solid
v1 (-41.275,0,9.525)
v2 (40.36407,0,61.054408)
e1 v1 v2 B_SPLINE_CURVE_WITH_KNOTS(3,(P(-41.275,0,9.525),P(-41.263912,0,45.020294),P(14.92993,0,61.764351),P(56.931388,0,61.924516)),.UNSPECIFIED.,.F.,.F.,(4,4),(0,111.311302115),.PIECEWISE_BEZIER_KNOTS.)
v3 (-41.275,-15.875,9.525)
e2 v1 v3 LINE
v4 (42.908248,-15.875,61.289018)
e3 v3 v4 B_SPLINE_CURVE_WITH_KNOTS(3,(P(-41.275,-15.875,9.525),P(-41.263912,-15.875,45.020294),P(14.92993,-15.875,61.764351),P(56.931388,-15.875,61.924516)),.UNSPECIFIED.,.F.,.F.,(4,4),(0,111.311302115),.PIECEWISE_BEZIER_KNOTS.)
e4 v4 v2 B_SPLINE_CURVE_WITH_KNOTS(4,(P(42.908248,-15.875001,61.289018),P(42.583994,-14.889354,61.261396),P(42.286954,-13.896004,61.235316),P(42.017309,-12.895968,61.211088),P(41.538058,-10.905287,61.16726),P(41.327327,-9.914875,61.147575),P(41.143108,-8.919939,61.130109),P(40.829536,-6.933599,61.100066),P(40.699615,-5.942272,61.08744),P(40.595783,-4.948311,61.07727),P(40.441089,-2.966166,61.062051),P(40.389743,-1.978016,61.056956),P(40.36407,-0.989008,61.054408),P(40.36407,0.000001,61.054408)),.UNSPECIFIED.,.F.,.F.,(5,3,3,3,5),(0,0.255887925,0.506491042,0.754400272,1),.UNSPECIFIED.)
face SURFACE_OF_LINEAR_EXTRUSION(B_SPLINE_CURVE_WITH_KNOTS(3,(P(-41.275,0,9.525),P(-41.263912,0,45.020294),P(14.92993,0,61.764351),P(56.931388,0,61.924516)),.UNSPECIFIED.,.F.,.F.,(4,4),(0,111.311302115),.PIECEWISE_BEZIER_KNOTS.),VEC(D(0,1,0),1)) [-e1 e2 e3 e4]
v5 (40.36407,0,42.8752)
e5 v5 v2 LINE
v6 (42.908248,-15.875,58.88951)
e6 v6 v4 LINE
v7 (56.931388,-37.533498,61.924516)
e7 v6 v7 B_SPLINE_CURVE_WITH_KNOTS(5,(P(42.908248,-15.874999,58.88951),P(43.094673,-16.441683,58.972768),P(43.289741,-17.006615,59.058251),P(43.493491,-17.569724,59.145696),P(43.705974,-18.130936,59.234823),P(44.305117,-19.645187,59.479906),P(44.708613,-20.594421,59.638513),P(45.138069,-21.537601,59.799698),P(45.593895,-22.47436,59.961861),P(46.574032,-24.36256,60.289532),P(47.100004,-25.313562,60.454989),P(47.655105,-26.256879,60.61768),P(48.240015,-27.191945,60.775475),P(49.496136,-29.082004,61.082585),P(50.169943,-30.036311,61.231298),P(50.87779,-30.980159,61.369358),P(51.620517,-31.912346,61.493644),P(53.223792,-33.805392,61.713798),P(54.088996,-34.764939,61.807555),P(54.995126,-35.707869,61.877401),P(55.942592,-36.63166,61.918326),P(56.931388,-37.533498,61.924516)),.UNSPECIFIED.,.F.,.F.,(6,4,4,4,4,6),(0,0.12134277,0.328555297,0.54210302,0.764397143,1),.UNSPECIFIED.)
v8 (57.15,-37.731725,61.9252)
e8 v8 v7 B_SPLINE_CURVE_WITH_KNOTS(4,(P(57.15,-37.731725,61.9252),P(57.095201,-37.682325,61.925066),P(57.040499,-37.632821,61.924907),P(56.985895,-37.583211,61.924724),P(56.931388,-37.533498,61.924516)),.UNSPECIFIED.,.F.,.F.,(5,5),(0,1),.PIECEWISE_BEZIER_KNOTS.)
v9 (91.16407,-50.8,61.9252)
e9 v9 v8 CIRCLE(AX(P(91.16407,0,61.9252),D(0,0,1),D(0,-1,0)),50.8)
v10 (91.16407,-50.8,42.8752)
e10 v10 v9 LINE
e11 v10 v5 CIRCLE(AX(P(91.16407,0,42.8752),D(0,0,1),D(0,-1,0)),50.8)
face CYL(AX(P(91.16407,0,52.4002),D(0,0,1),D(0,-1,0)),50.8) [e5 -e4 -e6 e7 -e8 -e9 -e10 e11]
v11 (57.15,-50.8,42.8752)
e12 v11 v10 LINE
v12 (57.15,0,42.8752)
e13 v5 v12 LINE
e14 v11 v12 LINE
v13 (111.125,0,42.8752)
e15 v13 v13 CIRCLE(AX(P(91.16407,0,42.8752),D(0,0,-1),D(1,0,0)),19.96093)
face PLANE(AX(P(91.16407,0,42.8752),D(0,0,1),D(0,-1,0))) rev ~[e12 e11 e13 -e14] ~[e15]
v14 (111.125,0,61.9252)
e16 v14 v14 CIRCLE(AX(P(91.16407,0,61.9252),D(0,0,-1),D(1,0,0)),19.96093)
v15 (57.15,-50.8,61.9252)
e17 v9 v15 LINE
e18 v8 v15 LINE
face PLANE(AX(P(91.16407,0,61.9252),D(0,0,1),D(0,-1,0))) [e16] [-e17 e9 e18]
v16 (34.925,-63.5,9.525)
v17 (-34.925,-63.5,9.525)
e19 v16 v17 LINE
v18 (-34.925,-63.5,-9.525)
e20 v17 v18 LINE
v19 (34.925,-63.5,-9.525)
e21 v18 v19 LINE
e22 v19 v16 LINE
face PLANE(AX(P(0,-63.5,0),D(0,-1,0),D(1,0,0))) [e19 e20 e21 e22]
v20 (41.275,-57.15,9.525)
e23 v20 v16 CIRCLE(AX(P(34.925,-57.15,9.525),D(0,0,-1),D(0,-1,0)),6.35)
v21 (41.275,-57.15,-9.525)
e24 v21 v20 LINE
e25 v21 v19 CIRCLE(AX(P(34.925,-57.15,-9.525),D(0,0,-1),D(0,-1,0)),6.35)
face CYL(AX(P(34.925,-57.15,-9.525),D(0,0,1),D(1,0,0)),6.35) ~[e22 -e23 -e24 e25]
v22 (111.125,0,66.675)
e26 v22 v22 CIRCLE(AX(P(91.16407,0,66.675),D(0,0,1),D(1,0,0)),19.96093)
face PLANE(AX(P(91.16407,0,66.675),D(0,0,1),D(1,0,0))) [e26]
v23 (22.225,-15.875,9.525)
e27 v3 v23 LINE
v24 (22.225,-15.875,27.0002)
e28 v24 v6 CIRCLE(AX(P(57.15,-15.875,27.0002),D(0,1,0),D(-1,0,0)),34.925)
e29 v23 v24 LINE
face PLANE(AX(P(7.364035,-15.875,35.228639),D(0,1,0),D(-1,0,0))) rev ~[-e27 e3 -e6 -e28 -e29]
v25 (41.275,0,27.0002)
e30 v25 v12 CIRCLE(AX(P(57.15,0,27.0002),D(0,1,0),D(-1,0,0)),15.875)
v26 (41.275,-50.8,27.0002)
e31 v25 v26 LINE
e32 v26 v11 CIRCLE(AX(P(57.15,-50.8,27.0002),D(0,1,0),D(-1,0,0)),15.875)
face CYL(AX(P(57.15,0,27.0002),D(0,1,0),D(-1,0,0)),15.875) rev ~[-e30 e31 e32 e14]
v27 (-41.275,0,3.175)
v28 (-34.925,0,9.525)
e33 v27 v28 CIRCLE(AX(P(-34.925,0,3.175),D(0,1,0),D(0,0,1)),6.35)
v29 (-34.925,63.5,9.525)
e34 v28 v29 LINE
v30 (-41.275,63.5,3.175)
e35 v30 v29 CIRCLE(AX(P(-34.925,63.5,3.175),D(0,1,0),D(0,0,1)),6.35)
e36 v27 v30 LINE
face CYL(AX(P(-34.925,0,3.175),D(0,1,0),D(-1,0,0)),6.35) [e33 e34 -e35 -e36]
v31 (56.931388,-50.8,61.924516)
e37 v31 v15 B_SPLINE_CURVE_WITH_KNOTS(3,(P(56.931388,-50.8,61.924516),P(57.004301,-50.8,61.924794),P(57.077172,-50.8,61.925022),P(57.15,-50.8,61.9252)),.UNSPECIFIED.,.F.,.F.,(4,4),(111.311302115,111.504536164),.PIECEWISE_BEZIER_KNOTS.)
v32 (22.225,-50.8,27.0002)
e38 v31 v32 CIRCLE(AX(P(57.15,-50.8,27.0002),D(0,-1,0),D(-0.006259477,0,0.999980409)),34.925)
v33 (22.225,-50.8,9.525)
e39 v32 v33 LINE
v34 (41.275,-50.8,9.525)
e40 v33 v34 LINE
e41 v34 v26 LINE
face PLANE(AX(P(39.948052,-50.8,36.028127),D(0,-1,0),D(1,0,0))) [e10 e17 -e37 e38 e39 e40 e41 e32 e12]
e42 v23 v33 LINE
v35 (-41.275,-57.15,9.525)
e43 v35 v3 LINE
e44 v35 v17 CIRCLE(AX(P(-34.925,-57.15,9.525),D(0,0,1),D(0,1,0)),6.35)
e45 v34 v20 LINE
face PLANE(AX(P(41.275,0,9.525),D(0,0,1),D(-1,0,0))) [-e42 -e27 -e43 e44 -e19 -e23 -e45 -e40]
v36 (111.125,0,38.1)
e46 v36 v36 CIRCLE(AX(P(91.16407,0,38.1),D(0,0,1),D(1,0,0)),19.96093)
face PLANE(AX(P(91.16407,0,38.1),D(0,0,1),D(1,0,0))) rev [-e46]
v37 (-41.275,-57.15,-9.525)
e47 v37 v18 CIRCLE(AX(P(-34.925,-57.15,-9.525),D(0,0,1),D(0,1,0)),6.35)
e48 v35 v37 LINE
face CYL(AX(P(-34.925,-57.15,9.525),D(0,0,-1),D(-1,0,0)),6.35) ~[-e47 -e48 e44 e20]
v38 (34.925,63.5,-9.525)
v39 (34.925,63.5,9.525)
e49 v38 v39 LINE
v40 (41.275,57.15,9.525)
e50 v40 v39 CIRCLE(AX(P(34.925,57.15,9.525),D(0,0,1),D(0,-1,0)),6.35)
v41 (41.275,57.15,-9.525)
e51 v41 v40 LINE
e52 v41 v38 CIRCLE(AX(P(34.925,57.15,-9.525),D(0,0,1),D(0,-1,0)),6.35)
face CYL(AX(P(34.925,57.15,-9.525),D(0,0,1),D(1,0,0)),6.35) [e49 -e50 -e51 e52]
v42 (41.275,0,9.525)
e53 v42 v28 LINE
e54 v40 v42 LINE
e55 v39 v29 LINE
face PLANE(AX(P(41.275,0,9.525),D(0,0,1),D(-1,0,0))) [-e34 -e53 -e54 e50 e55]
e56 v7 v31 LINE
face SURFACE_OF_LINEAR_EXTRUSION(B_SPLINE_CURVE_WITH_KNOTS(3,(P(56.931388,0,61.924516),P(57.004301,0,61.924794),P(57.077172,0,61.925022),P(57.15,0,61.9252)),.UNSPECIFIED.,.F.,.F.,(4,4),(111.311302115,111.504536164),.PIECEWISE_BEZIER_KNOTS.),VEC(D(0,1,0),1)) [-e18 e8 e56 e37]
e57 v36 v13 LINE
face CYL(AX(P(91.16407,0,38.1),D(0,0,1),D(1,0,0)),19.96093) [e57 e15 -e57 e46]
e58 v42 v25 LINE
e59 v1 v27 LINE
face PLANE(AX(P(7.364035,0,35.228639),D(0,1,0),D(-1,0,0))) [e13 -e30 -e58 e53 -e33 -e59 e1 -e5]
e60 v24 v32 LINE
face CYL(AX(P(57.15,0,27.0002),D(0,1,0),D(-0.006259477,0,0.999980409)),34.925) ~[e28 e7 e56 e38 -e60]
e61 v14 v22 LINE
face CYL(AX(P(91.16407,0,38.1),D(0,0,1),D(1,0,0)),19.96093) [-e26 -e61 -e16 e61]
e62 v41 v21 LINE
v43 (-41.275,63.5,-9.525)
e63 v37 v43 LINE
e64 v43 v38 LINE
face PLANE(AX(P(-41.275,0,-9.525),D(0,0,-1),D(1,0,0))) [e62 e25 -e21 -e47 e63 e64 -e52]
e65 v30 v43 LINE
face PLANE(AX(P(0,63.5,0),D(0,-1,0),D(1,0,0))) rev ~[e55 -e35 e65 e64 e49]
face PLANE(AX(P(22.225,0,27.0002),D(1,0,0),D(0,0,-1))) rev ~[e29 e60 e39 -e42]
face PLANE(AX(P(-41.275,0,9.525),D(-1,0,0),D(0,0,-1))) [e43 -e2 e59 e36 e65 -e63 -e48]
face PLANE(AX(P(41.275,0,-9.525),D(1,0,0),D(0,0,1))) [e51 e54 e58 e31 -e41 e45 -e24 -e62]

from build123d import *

# Parameters (mm, degrees)
F1_DEPTH  = 63.5
F0_W      = 30.8390699949
F0_H      = 19.05
F2_DEPTH  = 50.8
F3_DEPTH  = 15.875
F2_FACE_W = 50.8
F2_FACE_H = 19.05
F5_R      = 6.35


with BuildPart() as f1:
    # F0 (on Front) → F1 (new body, symmetric)
    with BuildSketch(Plane.XZ):
        Polygon((-41.275, -9.525), (41.275, -9.525), (41.275, 9.525), (22.225, 9.525), (-41.275, 9.525), align=None)
    extrude(amount=F1_DEPTH, both=True)

    # F0 (on Front) → F2 (join)
    with BuildSketch(Plane.XZ):
        with BuildLine():
            Line((22.225, 9.525), (41.275, 9.525))
            Line((41.275, 9.525), (41.275, 27.0002))
            ThreePointArc((41.275, 27.0002), (45.9246798487, 38.2255201513), (57.15, 42.8752))
            Line((57.15, 42.8752), (60.325, 42.8752))
            Line((60.325, 42.8752), (60.325, 61.9252))
            Line((60.325, 61.9252), (57.15, 61.9252))
            add(Edge.make_bspline(
                [(56.931387773, 61.9245157942), (57.0043014085, 61.9247938366), (57.0771722736, 61.9250219014), (57.15, 61.9252)],
                knots=[111.311302115, 111.311302115, 111.311302115, 111.311302115, 111.5045361635, 111.5045361635, 111.5045361635, 111.5045361635], degree=3))
            ThreePointArc((56.931387773, 61.9245157942), (32.3771251463, 51.6184919084), (22.225, 27.0002))
            Line((22.225, 27.0002), (22.225, 9.525))
        make_face()
        with Locations((75.7445349974, 52.4002)):
            Rectangle(F0_W, F0_H)
    extrude(amount=F2_DEPTH)

    # F0 (on Front) → F3 (join)
    with BuildSketch(Plane.XZ):
        with BuildLine():
            add(Edge.make_bspline(
                [(-41.275, 9.525), (-41.2639124943, 45.0202943965), (14.9299300749, 61.764351157), (56.931387773, 61.9245157942)],
                knots=[0, 0, 0, 0, 111.311302115, 111.311302115, 111.311302115, 111.311302115], degree=3))
            Line((-41.275, 9.525), (22.225, 9.525))
            Line((22.225, 9.525), (22.225, 27.0002))
            ThreePointArc((22.225, 27.0002), (32.3771251463, 51.6184919084), (56.931387773, 61.9245157942))
        make_face()
    extrude(amount=F3_DEPTH)

    # F0 (on Front) + F2_face (on face) → F4 (revolve)
    with BuildSketch(Plane.XZ):
        Polygon((91.1640699949, 61.9252), (91.1640699949, 42.8752), (91.1640699949, 38.1), (111.125, 38.1), (111.125, 66.675), (91.1640699949, 66.675), align=None)
    with BuildSketch(Plane(origin=(91.1640699949, -25.4, 52.4002), x_dir=(0, 1, 0), z_dir=(1, 0, 0))):
        Rectangle(F2_FACE_W, F2_FACE_H)
    revolve(axis=Axis((91.1640699949, 0, 52.3875), (0, 0, 1)))

    # F5
    f5_edges = [f1.edges().sort_by_distance(p)[0] for p in [
        (41.275, -63.5, 0),
        (-41.275, -63.5, 0),
        (-41.275, 31.75, 9.525),
        (41.275, 63.5, 0),
    ]]
    fillet(f5_edges, radius=F5_R)


solid = f1.part
